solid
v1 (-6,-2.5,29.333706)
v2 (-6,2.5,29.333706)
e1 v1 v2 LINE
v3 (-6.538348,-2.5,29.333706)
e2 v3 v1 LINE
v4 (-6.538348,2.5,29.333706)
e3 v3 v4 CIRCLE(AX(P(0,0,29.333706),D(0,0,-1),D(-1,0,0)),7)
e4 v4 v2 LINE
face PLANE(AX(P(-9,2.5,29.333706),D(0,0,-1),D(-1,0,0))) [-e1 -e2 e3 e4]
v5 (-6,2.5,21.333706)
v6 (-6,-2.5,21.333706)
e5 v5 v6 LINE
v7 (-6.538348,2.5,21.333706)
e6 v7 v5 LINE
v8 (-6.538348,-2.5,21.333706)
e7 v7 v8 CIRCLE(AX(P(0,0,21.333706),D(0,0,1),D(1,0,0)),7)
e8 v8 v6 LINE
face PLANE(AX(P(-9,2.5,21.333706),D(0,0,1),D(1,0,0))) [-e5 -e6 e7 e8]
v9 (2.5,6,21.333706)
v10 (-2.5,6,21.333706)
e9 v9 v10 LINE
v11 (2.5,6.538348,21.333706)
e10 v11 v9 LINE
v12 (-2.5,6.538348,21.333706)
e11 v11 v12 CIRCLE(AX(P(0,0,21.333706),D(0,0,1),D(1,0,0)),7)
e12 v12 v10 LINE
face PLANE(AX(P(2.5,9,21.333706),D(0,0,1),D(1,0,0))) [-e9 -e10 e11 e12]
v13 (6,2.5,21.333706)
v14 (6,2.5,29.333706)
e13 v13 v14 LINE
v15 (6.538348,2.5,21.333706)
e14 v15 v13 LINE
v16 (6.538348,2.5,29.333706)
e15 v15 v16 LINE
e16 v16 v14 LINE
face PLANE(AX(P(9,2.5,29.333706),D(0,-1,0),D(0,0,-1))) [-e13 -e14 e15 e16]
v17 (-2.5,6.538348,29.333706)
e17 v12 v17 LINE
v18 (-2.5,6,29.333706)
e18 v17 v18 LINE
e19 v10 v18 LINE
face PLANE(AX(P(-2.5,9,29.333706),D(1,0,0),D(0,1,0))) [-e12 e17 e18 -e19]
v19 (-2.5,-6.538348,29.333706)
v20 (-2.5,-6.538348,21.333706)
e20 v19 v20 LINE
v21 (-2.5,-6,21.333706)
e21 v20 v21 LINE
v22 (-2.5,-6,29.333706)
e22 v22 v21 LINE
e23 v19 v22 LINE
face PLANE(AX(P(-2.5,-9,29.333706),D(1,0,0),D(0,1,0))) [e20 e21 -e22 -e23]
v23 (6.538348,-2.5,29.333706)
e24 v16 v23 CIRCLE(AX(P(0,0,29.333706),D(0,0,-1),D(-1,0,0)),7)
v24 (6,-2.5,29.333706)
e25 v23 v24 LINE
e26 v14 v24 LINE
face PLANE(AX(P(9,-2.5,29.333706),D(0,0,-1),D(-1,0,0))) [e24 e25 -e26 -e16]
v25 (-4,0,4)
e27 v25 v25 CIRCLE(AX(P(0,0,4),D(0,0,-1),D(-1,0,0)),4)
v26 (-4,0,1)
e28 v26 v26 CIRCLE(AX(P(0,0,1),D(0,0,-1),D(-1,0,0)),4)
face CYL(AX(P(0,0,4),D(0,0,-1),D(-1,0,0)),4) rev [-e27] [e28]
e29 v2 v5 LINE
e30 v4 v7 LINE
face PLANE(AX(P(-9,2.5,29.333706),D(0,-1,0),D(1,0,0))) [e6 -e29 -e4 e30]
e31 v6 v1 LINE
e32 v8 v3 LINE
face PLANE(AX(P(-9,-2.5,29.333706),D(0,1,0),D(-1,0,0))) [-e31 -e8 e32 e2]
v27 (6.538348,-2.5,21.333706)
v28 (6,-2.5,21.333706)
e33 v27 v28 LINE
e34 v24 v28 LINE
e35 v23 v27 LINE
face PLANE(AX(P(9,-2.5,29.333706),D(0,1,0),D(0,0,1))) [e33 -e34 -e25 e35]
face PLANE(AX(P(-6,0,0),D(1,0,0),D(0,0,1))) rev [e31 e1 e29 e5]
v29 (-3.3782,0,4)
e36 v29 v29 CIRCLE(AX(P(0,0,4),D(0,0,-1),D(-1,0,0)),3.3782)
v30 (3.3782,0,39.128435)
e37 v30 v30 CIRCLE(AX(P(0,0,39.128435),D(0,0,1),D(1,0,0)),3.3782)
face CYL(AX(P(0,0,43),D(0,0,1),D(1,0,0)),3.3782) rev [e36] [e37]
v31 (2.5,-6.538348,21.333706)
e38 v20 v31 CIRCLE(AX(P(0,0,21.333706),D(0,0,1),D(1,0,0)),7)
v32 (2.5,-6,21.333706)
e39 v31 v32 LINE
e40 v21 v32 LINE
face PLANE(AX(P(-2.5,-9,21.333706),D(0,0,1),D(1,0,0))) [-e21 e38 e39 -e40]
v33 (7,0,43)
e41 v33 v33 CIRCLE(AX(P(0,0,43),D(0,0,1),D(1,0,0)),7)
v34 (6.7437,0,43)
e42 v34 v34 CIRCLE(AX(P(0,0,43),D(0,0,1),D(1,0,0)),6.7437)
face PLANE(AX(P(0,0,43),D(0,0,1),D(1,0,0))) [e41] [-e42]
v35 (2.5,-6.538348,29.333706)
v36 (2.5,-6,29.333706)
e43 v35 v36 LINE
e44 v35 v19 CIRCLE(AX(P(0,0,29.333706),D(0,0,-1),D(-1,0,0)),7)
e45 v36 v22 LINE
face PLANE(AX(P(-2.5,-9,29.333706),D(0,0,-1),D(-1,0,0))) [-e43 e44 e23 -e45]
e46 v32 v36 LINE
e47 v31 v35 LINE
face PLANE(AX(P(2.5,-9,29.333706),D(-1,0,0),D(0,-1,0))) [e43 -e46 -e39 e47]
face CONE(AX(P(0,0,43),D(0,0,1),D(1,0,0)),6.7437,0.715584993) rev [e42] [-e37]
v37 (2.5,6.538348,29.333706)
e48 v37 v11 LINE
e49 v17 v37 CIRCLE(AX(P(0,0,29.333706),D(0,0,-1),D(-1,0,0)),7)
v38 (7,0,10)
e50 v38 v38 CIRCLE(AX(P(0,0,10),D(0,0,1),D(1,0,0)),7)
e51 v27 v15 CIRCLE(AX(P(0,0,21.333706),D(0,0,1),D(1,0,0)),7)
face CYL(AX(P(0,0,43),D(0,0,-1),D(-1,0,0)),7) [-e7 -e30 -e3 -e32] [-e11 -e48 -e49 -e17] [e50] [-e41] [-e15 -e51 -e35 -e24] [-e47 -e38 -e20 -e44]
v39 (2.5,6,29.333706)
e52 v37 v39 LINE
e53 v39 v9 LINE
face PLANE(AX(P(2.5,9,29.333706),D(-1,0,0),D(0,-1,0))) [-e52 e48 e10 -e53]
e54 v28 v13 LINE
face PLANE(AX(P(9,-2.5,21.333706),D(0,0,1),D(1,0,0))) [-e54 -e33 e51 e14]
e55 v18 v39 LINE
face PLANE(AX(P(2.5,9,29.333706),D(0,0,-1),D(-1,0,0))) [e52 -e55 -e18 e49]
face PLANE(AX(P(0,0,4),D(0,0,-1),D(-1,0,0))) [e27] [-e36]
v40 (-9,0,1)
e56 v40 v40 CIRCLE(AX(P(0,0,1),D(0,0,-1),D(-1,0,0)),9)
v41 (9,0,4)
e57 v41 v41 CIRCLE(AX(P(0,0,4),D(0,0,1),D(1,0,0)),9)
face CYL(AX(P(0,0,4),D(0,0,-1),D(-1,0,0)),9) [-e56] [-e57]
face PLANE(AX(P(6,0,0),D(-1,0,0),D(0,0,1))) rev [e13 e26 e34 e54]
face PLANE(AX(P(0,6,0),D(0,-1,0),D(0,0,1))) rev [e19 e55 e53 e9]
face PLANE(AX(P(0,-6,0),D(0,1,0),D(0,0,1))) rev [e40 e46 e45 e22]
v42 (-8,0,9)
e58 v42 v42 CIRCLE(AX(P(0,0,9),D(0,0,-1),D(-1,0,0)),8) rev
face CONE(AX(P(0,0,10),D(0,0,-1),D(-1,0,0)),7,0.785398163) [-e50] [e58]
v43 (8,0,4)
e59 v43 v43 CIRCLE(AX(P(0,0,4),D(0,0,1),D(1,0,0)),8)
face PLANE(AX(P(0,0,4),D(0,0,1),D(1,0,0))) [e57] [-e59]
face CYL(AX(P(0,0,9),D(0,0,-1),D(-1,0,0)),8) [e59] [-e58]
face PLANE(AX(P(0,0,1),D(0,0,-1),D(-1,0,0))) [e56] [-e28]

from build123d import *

# Parameters (mm, degrees)
SKETCH1_R                                           = 9
BOSS_EXTRUDE1_DEPTH                                 = 4
SKETCH2_R                                           = 7
BOSS_EXTRUDE2_DEPTH                                 = 39
CSK_FOR_1_4_FLAT_HEAD_SOCKET_CAP_SCREW1_D           = 6.7564
CSK_FOR_1_4_FLAT_HEAD_SOCKET_CAP_SCREW1_CSINK_D     = 13.4874
CSK_FOR_1_4_FLAT_HEAD_SOCKET_CAP_SCREW1_CSINK_ANGLE = 82
SKETCH6_R                                           = 16
CUT_EXTRUDE1_DEPTH                                  = 1
SKETCH7_R                                           = 4
CUT_EXTRUDE2_DEPTH                                  = 3
SKETCH9_W                                           = 8
SKETCH9_H                                           = 5
CUT_EXTRUDE3_DEPTH                                  = 3
CIRPATTERN1_COUNT                                   = 4
SKETCH10_R                                          = 8
BOSS_EXTRUDE3_DEPTH                                 = 5
SKETCH11_R                                          = 7
CUT_EXTRUDE4_START                                  = -9
SKETCH12_R                                          = 3.3782
CUT_EXTRUDE4_DEPTH                                  = 9


with BuildPart() as part:
    # Sketch1 → Boss-Extrude1 (new body)
    with BuildSketch(Plane.XY):
        Circle(SKETCH1_R)
    extrude(amount=BOSS_EXTRUDE1_DEPTH)

    # Sketch2 → Boss-Extrude2 (add)
    with BuildSketch(Plane.XY.offset(4)):
        Circle(SKETCH2_R)
    extrude(amount=BOSS_EXTRUDE2_DEPTH)

    # CSK for 1/4 Flat Head Socket Cap Screw1 (through all)
    with Locations(Plane.XY.offset(43)):
        with Locations((0, 0)):
            CounterSinkHole(CSK_FOR_1_4_FLAT_HEAD_SOCKET_CAP_SCREW1_D / 2, CSK_FOR_1_4_FLAT_HEAD_SOCKET_CAP_SCREW1_CSINK_D / 2, counter_sink_angle=CSK_FOR_1_4_FLAT_HEAD_SOCKET_CAP_SCREW1_CSINK_ANGLE)

    # Sketch6 → Cut-Extrude1 (cut)
    with BuildSketch(Plane(origin=(0, 0, 0), x_dir=(-1, 0, 0), z_dir=(0, 0, -1))):
        Circle(SKETCH6_R)
    extrude(amount=-CUT_EXTRUDE1_DEPTH, mode=Mode.SUBTRACT)

    # Sketch7 → Cut-Extrude2 (cut)
    with BuildSketch(Plane(origin=(0, 0, 1), x_dir=(-1, 0, 0), z_dir=(0, 0, -1))):
        Circle(SKETCH7_R)
    extrude(amount=-CUT_EXTRUDE2_DEPTH, mode=Mode.SUBTRACT)

    # Sketch9 → Cut-Extrude3 (cut)
    with BuildSketch(Plane(origin=(6, 0, 0), x_dir=(0, 0, -1), z_dir=(1, 0, 0))):
        with Locations((-25.333705971, 0)):
            Rectangle(SKETCH9_W, SKETCH9_H)
    cut_extrude3 = extrude(amount=CUT_EXTRUDE3_DEPTH, mode=Mode.SUBTRACT)

    # CirPattern1: Cut-Extrude3 ×4 about axis
    cirpattern1_axis = Axis((0, 0, 0), (0, 0, 1))
    for i in range(1, CIRPATTERN1_COUNT):
        add(cut_extrude3.rotate(cirpattern1_axis, i * 360 / CIRPATTERN1_COUNT), mode=Mode.SUBTRACT)

    # Sketch10 → Boss-Extrude3 (add)
    with BuildSketch(Plane.XY.offset(4)):
        Circle(SKETCH10_R)
    extrude(amount=BOSS_EXTRUDE3_DEPTH)

    # Sketch11 → section 1 of loft4
    with BuildSketch(Plane.XY.offset(10), mode=Mode.PRIVATE) as loft4_s1:
        Circle(SKETCH11_R)
    # loft up to a face of the part (loft4)
    loft([Face(Wire([part.edges().sort_by_distance((-5.476376847, 5.831749019, 9))[0]])), loft4_s1.sketch])

    # Sketch12 → Cut-Extrude4 (cut)
    with BuildSketch(Plane.XY.offset(10).offset(CUT_EXTRUDE4_START)):
        Circle(SKETCH12_R)
    extrude(amount=CUT_EXTRUDE4_DEPTH, mode=Mode.SUBTRACT)


solid = part.part
